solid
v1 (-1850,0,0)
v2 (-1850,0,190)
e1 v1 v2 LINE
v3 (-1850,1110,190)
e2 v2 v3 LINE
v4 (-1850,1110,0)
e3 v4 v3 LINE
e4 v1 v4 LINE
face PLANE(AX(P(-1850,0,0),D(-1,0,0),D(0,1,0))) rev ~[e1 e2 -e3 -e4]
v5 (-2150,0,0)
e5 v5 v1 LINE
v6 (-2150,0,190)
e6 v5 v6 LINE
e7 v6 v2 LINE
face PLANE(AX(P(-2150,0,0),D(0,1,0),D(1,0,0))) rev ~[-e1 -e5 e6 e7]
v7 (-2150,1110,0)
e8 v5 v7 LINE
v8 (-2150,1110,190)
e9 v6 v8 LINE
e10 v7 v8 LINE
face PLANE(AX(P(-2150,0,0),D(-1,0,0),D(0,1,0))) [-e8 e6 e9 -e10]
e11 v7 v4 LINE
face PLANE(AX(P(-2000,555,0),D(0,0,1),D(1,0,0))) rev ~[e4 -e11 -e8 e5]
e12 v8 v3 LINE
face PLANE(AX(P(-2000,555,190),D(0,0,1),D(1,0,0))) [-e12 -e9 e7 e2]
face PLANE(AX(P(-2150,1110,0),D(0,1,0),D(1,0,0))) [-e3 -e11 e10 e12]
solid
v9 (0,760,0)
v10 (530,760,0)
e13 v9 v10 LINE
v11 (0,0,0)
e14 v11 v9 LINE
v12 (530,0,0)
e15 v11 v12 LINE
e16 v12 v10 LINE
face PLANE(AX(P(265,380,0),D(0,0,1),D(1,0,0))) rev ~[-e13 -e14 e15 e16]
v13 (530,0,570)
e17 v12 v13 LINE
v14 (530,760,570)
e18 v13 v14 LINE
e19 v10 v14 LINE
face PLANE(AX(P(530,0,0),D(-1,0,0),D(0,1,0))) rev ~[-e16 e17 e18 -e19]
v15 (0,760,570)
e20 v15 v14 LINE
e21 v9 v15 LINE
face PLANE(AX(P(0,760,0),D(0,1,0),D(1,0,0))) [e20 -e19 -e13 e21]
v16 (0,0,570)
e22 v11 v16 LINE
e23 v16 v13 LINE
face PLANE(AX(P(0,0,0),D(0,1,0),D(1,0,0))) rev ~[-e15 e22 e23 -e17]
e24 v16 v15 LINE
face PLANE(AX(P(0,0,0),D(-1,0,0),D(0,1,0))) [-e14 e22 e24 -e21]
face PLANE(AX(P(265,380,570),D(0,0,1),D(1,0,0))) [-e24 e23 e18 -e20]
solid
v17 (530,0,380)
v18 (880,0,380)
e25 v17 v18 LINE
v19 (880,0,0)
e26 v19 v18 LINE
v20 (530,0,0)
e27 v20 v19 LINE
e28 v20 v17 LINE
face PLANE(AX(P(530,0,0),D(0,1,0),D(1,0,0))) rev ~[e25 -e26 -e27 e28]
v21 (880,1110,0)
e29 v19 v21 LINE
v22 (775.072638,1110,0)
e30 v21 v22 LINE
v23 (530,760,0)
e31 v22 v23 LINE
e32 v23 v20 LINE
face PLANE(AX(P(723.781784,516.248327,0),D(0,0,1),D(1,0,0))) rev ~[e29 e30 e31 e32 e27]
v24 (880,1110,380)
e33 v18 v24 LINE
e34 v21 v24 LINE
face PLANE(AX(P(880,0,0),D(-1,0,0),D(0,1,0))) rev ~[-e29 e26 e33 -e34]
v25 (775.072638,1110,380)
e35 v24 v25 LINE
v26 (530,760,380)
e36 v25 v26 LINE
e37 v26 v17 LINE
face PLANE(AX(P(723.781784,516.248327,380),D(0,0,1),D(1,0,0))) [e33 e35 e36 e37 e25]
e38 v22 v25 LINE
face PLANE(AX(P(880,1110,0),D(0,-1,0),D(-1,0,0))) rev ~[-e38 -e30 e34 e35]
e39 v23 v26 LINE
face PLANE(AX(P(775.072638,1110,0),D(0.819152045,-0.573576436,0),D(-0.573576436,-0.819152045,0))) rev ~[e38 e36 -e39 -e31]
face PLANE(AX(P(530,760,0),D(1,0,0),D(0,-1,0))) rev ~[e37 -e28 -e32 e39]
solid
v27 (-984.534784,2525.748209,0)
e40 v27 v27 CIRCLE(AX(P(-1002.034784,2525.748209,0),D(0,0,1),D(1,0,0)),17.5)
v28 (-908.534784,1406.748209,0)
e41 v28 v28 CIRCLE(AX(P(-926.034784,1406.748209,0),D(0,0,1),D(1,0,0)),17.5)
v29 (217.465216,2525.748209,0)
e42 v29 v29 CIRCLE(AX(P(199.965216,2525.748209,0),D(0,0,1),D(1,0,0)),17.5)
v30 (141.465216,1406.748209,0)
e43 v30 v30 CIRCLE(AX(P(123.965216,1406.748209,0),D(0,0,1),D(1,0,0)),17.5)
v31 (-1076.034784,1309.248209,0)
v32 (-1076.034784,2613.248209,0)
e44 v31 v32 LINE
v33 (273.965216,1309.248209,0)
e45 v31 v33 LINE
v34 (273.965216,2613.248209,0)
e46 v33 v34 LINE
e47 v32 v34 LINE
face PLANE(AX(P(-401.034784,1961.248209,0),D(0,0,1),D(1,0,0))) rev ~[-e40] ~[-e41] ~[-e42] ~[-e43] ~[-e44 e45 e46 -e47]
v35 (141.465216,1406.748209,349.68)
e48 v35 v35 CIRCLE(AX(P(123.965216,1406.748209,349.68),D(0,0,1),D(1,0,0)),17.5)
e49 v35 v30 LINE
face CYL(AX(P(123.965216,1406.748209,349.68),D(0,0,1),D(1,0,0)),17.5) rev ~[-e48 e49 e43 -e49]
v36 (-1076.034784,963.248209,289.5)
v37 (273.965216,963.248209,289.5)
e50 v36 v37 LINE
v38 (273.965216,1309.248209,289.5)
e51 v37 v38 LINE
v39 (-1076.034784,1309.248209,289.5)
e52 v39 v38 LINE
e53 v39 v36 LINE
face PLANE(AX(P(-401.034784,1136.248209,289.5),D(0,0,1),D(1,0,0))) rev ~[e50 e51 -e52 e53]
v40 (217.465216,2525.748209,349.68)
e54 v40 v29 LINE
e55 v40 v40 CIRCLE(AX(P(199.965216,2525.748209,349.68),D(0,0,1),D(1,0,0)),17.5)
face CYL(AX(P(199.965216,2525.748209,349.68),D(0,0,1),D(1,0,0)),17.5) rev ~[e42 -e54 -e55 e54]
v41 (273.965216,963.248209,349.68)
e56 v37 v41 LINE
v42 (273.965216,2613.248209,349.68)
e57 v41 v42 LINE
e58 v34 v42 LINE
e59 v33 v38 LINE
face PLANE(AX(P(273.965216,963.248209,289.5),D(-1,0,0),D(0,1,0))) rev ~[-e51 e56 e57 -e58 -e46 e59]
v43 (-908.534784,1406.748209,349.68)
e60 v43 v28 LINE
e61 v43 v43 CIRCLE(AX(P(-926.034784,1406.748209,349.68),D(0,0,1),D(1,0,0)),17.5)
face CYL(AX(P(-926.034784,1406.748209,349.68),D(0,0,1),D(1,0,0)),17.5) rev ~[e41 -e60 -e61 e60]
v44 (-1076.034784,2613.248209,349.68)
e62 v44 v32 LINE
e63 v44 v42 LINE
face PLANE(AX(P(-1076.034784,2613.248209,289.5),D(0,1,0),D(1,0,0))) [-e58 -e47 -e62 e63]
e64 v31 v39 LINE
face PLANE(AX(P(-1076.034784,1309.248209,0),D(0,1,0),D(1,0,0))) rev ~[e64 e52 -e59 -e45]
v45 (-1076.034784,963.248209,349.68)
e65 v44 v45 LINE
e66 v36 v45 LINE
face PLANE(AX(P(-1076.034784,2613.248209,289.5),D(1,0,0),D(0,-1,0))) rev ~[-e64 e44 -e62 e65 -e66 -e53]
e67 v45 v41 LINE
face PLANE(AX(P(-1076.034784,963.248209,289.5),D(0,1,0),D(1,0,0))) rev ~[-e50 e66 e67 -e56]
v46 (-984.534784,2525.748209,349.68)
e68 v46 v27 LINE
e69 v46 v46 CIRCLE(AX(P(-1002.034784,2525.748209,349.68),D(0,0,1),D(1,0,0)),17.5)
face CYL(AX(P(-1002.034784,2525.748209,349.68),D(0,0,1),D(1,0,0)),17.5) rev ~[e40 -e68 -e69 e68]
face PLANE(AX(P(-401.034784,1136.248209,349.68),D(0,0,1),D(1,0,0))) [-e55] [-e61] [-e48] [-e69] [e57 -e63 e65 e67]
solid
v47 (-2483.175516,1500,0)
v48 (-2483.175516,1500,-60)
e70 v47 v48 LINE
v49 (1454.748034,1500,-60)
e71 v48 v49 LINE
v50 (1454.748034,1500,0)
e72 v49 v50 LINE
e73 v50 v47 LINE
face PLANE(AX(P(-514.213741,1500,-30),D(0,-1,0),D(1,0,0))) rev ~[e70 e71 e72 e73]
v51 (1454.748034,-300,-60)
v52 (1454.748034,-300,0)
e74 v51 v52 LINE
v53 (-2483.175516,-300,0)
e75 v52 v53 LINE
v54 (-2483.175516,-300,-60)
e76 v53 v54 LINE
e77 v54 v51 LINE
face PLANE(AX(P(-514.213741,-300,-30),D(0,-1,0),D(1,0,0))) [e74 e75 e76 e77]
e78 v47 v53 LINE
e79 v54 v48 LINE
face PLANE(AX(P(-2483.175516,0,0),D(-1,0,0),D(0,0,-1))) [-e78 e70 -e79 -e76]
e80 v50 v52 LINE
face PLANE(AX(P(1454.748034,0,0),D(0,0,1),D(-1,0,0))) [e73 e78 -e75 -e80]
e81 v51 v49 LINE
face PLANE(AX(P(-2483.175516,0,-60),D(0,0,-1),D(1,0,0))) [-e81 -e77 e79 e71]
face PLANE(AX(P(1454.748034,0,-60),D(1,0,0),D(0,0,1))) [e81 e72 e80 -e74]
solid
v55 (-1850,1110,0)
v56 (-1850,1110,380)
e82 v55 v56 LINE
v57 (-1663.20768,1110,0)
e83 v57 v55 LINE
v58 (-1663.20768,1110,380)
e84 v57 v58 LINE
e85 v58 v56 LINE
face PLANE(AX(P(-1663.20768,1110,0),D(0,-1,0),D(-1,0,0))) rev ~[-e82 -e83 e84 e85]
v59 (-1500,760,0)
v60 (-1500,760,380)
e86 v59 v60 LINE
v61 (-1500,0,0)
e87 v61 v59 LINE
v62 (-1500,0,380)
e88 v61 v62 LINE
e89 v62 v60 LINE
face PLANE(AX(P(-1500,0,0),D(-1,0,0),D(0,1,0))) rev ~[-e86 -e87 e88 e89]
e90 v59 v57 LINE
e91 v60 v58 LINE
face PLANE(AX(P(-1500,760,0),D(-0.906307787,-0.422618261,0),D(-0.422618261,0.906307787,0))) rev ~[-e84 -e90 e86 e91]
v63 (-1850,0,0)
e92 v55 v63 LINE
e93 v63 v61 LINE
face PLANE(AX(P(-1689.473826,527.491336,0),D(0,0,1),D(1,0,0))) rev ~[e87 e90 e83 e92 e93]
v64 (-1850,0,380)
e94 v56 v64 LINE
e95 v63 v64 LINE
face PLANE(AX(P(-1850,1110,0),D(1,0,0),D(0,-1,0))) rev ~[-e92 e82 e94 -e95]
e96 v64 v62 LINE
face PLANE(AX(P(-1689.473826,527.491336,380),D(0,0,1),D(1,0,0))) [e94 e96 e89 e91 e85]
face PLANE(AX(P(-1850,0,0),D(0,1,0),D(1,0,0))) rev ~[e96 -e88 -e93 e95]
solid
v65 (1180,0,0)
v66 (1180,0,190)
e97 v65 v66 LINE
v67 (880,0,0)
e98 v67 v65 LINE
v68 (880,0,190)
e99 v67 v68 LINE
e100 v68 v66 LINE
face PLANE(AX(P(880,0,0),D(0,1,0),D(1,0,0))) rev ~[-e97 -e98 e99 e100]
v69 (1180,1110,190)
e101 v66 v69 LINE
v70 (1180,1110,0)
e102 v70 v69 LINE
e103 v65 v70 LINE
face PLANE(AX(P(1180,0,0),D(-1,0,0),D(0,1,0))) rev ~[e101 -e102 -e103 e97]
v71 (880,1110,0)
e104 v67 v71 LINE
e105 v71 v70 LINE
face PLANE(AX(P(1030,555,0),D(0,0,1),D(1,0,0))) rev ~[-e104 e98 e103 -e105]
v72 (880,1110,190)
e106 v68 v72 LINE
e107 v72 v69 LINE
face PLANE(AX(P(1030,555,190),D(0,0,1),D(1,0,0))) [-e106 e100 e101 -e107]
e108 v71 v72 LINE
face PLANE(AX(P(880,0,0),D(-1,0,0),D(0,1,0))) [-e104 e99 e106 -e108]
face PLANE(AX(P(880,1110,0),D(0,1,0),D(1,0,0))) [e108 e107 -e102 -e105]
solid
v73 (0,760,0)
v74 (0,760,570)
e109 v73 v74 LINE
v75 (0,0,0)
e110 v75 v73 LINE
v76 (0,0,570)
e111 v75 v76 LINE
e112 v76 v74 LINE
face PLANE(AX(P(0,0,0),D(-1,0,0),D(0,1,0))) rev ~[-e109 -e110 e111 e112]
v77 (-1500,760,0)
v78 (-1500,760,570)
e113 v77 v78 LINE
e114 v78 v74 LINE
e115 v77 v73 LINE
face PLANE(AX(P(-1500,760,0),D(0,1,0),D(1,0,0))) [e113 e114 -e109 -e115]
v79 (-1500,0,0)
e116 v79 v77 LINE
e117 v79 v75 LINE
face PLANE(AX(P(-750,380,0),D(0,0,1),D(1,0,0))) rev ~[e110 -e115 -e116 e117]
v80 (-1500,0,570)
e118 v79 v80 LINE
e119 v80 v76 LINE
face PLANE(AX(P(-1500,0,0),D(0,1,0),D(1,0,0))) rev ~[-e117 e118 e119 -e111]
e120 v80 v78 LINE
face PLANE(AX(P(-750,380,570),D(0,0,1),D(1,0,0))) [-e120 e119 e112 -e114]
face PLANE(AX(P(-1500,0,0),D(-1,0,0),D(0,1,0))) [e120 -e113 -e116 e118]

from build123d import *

# Parameters (mm, degrees)
F0_W          = 300
F0_H          = 1110
F1_DEPTH      = 190
F2_DEPTH      = 380
F0_W_2        = 1500
F0_H_2        = 760
F3_DEPTH      = 570
F0_W_3        = 530
F4_DEPTH      = 570
F6_DEPTH      = 300
F6_DEPTH_BACK = 1500
F7_W          = 1350
F7_H          = 1304
F8_DEPTH      = 289.5
F9_W          = 1350
F9_H          = 346
F9_H_2        = 1304
F10_DEPTH     = 60.18
F11_R         = 17.5
F12_DEPTH     = 349.68


with BuildPart() as f1:
    # F0 (on Top) → F1 (new body)
    with BuildSketch(Plane.XY):
        with Locations((-2000, 555)):
            Rectangle(F0_W, F0_H)
        with Locations((1030, 555)):
            Rectangle(F0_W, F0_H)
    extrude(amount=F1_DEPTH)


with BuildPart() as f2:
    # F0 (on Top) → F2 (new body)
    with BuildSketch(Plane.XY):
        Polygon((-1850, 0), (-1500, 0), (-1500, 760), (-1663.20768, 1110), (-1850, 1110), align=None)
        Polygon((530, 760), (530, 0), (880, 0), (880, 1110), (775.072638, 1110), align=None)
    extrude(amount=F2_DEPTH)


with BuildPart() as f3:
    # F0 (on Top) → F3 (new body)
    with BuildSketch(Plane.XY):
        with Locations((-750, 380)):
            Rectangle(F0_W_2, F0_H_2)
    extrude(amount=F3_DEPTH)


with BuildPart() as f4:
    # F0 (on Top) → F4 (new body, through all)
    with BuildSketch(Plane.XY):
        with Locations((265, 380)):
            Rectangle(F0_W_3, F0_H_2)
    extrude(amount=F4_DEPTH)


with BuildPart() as f6:
    # F5 (on face) → F6 (new body, two sides)
    with BuildSketch(Plane.XZ) as f6_sk:
        Polygon((1454.748034, -60), (1454.748034, 0), (0, 0), (-1500, 0), (-2483.175516, 0), (-2483.175516, -60), align=None)
    extrude(amount=F6_DEPTH)
    extrude(f6_sk.sketch, amount=-F6_DEPTH_BACK)


with BuildPart() as f8:
    # F7 (on Top) → F8 (new body)
    with BuildSketch(Plane.XY):
        with Locations((-401.034784, 1961.248209)):
            Rectangle(F7_W, F7_H)
    extrude(amount=F8_DEPTH)

    # F9 (on face) → F10 (join)
    with BuildSketch(Plane.XY.offset(289.5)):
        with Locations((-401.034784, 1136.248209)):
            Rectangle(F9_W, F9_H)
        with Locations((-401.034784, 1961.248209)):
            Rectangle(F9_W, F9_H_2)
    extrude(amount=F10_DEPTH)

    # F11 (on face) → F12 (cut, through all)
    with BuildSketch(Plane.XY.offset(349.68)):
        with Locations((199.965216, 2525.748209)):
            Circle(F11_R)
        with Locations((123.965216, 1406.748209)):
            Circle(F11_R)
        with Locations((-926.034784, 1406.748209)):
            Circle(F11_R)
        with Locations((-1002.034784, 2525.748209)):
            Circle(F11_R)
    extrude(amount=-F12_DEPTH, mode=Mode.SUBTRACT)


solid = Compound([f1.part, f2.part, f3.part, f4.part, f6.part, f8.part])
